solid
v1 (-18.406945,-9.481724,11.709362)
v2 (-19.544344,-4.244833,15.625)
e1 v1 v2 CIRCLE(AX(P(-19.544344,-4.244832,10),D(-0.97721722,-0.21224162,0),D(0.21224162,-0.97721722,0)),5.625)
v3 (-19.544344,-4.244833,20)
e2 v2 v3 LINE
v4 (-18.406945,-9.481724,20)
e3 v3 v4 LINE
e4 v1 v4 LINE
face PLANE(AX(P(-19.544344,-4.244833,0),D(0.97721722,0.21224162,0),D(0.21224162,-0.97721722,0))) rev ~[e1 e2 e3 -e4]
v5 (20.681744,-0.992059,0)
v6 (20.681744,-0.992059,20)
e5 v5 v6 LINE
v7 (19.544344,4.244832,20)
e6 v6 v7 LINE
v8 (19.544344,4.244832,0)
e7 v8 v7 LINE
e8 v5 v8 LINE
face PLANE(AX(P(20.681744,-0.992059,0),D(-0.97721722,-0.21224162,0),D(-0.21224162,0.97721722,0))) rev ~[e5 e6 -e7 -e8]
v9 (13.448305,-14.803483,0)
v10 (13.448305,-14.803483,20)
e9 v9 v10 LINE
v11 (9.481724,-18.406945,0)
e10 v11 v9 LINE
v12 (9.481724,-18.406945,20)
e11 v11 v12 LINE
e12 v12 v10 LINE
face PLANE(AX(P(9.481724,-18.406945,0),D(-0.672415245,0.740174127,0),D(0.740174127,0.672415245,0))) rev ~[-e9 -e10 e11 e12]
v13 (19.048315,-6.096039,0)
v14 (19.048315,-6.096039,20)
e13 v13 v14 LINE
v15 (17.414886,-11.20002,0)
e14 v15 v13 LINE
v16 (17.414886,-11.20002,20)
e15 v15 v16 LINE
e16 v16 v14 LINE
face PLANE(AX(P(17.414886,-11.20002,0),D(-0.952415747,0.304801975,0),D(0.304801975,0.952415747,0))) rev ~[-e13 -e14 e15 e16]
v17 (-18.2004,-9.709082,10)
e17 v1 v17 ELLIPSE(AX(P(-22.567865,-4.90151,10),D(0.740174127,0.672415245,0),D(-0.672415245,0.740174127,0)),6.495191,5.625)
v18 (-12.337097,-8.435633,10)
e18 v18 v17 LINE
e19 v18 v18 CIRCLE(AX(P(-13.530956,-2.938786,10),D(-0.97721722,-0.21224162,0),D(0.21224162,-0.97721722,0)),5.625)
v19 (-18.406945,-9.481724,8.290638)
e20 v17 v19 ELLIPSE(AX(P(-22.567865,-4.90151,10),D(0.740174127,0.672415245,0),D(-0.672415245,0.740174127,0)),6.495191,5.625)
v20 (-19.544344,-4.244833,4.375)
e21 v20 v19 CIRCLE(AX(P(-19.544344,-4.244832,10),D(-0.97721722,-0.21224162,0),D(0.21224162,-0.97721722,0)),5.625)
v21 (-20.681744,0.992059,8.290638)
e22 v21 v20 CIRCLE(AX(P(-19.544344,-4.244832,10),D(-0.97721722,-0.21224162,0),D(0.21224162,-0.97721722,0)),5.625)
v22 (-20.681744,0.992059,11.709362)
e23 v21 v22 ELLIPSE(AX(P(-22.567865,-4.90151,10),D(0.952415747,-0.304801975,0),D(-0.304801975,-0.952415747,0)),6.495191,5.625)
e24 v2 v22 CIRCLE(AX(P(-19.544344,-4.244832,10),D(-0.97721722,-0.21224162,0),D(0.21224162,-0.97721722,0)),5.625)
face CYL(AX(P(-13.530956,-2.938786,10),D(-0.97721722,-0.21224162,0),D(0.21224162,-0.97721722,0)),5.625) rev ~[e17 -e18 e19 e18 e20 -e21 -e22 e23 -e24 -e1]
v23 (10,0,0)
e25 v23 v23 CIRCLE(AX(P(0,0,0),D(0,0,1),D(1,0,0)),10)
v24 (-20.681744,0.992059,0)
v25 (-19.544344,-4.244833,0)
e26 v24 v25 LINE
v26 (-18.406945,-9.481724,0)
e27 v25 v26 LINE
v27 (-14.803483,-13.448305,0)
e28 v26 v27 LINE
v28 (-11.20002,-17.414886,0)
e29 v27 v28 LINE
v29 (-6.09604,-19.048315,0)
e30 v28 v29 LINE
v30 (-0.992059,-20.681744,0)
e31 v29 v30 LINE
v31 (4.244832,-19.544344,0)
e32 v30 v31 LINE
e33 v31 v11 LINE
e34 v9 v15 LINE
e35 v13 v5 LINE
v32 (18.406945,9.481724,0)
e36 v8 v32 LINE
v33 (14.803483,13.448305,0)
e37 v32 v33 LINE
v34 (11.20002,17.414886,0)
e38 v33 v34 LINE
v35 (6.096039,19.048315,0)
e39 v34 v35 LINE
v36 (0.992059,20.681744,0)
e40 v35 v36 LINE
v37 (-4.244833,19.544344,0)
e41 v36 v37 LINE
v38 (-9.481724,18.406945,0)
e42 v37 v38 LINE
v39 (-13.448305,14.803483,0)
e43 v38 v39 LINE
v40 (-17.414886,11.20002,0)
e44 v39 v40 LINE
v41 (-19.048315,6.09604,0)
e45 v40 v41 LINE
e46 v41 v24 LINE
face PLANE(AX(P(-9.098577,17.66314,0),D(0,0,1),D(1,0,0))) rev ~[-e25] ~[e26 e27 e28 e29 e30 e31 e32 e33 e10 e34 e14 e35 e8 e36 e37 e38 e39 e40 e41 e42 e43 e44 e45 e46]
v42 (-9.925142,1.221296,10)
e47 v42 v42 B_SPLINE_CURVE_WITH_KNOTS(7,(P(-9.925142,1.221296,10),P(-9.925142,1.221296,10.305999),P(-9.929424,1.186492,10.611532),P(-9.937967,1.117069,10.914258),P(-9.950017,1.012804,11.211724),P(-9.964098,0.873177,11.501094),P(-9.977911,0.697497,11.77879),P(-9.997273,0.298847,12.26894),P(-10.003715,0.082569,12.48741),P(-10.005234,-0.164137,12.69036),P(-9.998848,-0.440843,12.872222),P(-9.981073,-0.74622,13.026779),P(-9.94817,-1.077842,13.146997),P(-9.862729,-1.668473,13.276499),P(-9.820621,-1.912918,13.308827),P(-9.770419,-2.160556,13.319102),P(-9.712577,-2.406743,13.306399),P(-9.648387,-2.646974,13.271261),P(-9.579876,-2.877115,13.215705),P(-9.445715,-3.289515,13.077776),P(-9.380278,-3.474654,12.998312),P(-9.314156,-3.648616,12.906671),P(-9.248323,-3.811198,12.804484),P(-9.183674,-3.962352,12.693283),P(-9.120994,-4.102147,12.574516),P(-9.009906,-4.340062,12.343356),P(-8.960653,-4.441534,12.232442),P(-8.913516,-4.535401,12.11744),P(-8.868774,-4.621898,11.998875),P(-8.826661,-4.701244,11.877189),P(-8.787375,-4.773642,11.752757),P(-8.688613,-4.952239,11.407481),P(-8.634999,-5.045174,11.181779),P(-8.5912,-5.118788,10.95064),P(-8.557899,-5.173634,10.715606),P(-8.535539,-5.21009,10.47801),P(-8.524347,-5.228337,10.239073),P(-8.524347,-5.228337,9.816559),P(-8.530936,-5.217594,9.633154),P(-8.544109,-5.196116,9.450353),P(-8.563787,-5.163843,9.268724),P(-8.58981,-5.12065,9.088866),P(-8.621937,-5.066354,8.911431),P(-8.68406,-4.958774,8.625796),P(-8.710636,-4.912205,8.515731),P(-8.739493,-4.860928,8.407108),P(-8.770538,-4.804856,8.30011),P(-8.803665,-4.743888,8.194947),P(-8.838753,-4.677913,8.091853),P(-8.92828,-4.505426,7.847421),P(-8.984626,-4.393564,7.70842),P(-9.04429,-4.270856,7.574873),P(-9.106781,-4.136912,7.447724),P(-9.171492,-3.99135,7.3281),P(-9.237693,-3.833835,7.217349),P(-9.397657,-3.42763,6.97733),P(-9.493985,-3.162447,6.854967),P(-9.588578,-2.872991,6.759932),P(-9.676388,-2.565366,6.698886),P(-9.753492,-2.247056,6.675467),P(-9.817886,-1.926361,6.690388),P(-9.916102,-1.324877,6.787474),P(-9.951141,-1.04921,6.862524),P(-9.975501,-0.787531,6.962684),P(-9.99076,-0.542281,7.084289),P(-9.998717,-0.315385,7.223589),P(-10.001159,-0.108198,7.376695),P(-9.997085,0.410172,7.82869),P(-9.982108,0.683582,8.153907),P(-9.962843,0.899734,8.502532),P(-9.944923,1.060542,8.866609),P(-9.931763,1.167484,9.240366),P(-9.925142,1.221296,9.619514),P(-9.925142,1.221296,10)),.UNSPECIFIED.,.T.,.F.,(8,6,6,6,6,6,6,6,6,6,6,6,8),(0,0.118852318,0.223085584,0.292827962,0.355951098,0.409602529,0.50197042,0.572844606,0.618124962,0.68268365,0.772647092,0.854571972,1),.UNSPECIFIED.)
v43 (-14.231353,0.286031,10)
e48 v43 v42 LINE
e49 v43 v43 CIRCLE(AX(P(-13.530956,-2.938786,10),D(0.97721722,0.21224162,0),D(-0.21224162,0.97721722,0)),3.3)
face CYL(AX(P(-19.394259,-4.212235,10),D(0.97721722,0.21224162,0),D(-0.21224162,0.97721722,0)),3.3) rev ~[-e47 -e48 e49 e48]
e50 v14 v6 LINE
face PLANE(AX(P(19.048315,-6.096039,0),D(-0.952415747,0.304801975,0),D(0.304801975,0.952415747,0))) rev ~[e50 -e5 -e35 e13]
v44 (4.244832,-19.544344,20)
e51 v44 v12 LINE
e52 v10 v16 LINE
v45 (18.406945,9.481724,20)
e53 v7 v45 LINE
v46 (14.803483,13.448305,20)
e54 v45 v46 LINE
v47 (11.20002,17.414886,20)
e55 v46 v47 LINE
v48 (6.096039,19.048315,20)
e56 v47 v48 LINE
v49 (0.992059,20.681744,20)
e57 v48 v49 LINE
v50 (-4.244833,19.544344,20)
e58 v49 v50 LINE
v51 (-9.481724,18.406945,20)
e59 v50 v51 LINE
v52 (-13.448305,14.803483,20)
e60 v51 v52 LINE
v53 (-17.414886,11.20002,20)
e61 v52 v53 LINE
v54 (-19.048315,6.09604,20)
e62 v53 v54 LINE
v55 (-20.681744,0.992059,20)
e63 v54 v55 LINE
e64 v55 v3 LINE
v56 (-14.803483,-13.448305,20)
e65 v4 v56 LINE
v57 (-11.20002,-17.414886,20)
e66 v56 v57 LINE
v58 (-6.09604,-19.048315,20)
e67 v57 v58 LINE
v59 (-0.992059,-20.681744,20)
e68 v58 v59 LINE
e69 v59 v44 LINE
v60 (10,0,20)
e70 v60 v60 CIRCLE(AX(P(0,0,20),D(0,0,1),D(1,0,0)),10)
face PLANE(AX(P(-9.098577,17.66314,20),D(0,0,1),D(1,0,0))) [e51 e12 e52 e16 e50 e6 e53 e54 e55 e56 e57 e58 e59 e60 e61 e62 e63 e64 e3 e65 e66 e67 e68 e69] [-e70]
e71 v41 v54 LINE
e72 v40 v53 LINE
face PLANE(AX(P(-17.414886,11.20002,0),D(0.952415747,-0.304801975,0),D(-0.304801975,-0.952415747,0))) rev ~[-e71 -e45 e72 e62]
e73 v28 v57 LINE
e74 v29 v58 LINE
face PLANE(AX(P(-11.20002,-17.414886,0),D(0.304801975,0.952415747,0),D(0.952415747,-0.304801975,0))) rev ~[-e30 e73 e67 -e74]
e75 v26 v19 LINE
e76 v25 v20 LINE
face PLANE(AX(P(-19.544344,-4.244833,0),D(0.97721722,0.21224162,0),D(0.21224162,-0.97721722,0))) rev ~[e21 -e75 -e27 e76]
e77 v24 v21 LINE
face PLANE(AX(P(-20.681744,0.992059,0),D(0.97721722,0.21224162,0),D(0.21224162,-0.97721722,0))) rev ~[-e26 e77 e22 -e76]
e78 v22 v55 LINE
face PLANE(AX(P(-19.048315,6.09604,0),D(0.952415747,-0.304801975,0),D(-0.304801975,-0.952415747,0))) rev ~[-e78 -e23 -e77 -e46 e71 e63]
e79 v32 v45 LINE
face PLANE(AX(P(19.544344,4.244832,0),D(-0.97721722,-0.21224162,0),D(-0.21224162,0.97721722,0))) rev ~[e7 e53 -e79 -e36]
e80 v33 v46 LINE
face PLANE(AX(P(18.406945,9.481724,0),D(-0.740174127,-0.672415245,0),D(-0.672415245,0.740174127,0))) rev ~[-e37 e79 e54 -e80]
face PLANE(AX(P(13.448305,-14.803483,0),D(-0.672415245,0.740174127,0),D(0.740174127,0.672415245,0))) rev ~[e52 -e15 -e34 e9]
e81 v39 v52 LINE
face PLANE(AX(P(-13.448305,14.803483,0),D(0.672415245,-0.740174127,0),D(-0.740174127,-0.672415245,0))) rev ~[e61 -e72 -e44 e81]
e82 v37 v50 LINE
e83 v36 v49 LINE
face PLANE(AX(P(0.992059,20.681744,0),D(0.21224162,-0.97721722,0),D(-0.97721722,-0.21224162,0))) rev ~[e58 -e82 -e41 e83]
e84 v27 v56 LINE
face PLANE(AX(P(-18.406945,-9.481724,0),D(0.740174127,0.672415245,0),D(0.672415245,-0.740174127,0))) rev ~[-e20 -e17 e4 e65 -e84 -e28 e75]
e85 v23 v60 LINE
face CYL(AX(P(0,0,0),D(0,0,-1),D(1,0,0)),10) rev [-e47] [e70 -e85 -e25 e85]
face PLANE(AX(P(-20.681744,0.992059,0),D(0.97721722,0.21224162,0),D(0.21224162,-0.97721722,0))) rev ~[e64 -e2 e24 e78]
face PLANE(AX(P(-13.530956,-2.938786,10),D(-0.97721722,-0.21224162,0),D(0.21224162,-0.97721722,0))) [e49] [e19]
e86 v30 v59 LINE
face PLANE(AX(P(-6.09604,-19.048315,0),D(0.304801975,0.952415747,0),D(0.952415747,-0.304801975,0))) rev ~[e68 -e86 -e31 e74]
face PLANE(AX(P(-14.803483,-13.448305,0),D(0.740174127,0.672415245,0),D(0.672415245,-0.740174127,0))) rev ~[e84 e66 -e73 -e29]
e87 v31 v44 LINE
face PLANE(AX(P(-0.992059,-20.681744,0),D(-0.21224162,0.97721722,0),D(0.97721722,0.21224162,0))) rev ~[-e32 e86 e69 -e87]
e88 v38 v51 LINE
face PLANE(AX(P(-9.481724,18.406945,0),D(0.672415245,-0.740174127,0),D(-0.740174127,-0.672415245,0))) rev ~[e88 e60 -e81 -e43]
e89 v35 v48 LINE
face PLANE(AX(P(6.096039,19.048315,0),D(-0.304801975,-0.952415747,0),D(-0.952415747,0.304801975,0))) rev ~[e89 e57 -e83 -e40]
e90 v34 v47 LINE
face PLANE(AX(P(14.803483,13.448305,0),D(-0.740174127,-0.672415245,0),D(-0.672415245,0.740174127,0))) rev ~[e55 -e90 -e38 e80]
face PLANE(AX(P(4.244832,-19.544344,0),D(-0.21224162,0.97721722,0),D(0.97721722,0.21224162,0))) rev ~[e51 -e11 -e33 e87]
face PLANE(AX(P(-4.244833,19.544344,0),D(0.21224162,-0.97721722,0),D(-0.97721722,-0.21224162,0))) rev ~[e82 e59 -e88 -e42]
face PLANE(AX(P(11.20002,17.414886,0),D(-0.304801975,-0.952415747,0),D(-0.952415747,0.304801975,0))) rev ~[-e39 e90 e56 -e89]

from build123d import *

# Parameters (mm, degrees)
F0_R           = 10
F1_DEPTH       = 20
F3_D           = 6.6
F3_DEPTH       = 20
F3_START       = 0.1535845
F3_CBORE_D     = 11.25
F3_CBORE_DEPTH = 6
F3_TIP         = 1.9828400428


with BuildPart() as f1:
    # F0 (on Top) → F1 (new body)
    with BuildSketch(Plane.XY):
        with BuildLine():
            ThreePointArc((-13.448304583, 14.8034828281), (-9.1586418017, 17.77974354), (-4.2448328169, 19.5443443061))
            Line((-4.2448328169, 19.5443443061), (-9.4817236961, 18.4069449839))
            Line((-9.4817236961, 18.4069449839), (-13.448304583, 14.8034828281))
        make_face()
        with BuildLine():
            ThreePointArc((-4.2448328169, 19.5443443061), (0.9582549701, 19.9770304954), (6.0960392624, 19.0483150255))
            Line((6.0960392624, 19.0483150255), (0.9920588995, 20.6817438102))
            Line((0.9920588995, 20.6817438102), (-4.2448328169, 19.5443443061))
        make_face()
        with BuildLine():
            ThreePointArc((6.0960392624, 19.0483150255), (10.8183886032, 16.8214882822), (14.8034825937, 13.448304841))
            Line((14.8034825937, 13.448304841), (11.2000201141, 17.4148860844))
            Line((11.2000201141, 17.4148860844), (6.0960392624, 19.0483150255))
        make_face()
        with BuildLine():
            ThreePointArc((14.8034825937, 13.448304841), (17.7797435807, 9.1586417227), (19.5443444178, 4.2448323026))
            Line((19.5443444178, 4.2448323026), (18.4069449839, 9.4817236961))
            Line((18.4069449839, 9.4817236961), (14.8034825937, 13.448304841))
        make_face()
        with BuildLine():
            ThreePointArc((19.5443444178, 4.2448323026), (19.8857598341, 2.1346090559), (20, 0))
            ThreePointArc((20, 0), (19.7606465192, -3.0849390825), (19.0483150857, -6.0960390743))
            Line((19.0483150857, -6.0960390743), (20.6817438102, -0.9920588995))
            Line((20.6817438102, -0.9920588995), (19.5443444178, 4.2448323026))
        make_face()
        with BuildLine():
            Line((17.4148860844, -11.2000201141), (19.0483150857, -6.0960390743))
            ThreePointArc((19.0483150857, -6.0960390743), (16.8214882492, -10.8183886546), (13.4483046044, -14.8034828087))
            Line((13.4483046044, -14.8034828087), (17.4148860844, -11.2000201141))
        make_face()
        with BuildLine():
            Line((9.4817236961, -18.4069449839), (13.4483046044, -14.8034828087))
            ThreePointArc((13.4483046044, -14.8034828087), (9.1586415818, -17.7797436533), (4.2448323054, -19.5443444172))
            Line((4.2448323054, -19.5443444172), (9.4817236961, -18.4069449839))
        make_face()
        with BuildLine():
            Line((-0.9920588995, -20.6817438102), (4.2448323054, -19.5443444172))
            ThreePointArc((4.2448323054, -19.5443444172), (-0.9582553912, -19.9770304752), (-6.0960395669, -19.0483149281))
            Line((-6.0960395669, -19.0483149281), (-0.9920588995, -20.6817438102))
        make_face()
        with BuildLine():
            Line((-11.2000201141, -17.4148860844), (-6.0960395669, -19.0483149281))
            ThreePointArc((-6.0960395669, -19.0483149281), (-10.8183888646, -16.8214881141), (-14.8034827967, -13.4483046176))
            Line((-14.8034827967, -13.4483046176), (-11.2000201141, -17.4148860844))
        make_face()
        with BuildLine():
            Line((-18.4069449839, -9.4817236961), (-14.8034827967, -13.4483046176))
            ThreePointArc((-14.8034827967, -13.4483046176), (-17.7797435576, -9.1586417675), (-19.5443443324, -4.2448326961))
            Line((-19.5443443324, -4.2448326961), (-18.4069449839, -9.4817236961))
        make_face()
        with BuildLine():
            ThreePointArc((-19.5443443324, -4.2448326961), (-19.97703048, 0.9582552902), (-19.0483148679, 6.096039755))
            Line((-19.0483148679, 6.096039755), (-20.6817438102, 0.9920588995))
            Line((-20.6817438102, 0.9920588995), (-19.5443443324, -4.2448326961))
        make_face()
        with BuildLine():
            ThreePointArc((-19.0483148679, 6.096039755), (-16.8214880481, 10.8183889673), (-13.448304583, 14.8034828281))
            Line((-13.448304583, 14.8034828281), (-17.4148860844, 11.2000201141))
            Line((-17.4148860844, 11.2000201141), (-19.0483148679, 6.096039755))
        make_face()
        with BuildLine():
            ThreePointArc((19.0483150857, -6.0960390743), (19.7606465192, -3.0849390825), (20, 0))
            ThreePointArc((20, 0), (19.8857598341, 2.1346090559), (19.5443444178, 4.2448323026))
            ThreePointArc((19.5443444178, 4.2448323026), (17.7797435807, 9.1586417227), (14.8034825937, 13.448304841))
            ThreePointArc((14.8034825937, 13.448304841), (10.8183886032, 16.8214882822), (6.0960392624, 19.0483150255))
            ThreePointArc((6.0960392624, 19.0483150255), (0.9582549701, 19.9770304954), (-4.2448328169, 19.5443443061))
            ThreePointArc((-4.2448328169, 19.5443443061), (-9.1586418017, 17.77974354), (-13.448304583, 14.8034828281))
            ThreePointArc((-13.448304583, 14.8034828281), (-16.8214880481, 10.8183889673), (-19.0483148679, 6.096039755))
            ThreePointArc((-19.0483148679, 6.096039755), (-19.97703048, 0.9582552902), (-19.5443443324, -4.2448326961))
            ThreePointArc((-19.5443443324, -4.2448326961), (-17.7797435576, -9.1586417675), (-14.8034827967, -13.4483046176))
            ThreePointArc((-14.8034827967, -13.4483046176), (-10.8183888646, -16.8214881141), (-6.0960395669, -19.0483149281))
            ThreePointArc((-6.0960395669, -19.0483149281), (-0.9582553912, -19.9770304752), (4.2448323054, -19.5443444172))
            ThreePointArc((4.2448323054, -19.5443444172), (9.1586415818, -17.7797436533), (13.4483046044, -14.8034828087))
            ThreePointArc((13.4483046044, -14.8034828087), (16.8214882492, -10.8183886546), (19.0483150857, -6.0960390743))
        make_face()
        Circle(F0_R, mode=Mode.SUBTRACT)
    extrude(amount=F1_DEPTH)

    # F3
    # its depths count from where the whole tool has entered the part; down to there all is cleared
    with Locations(Plane(origin=(-19.544344397, -4.2448323983, 0), x_dir=(0.2122416199, -0.9772172199, 0), z_dir=(-0.9772172199, -0.2122416199, 0)).offset(-F3_START)):
        with Locations((0, 10)):
            CounterBoreHole(F3_D / 2, F3_CBORE_D / 2, F3_CBORE_DEPTH, depth=F3_DEPTH)
            with Locations((0, 0, -(F3_DEPTH + F3_TIP / 2))):  # 118° drill point
                Cone(0, F3_D / 2, F3_TIP, mode=Mode.SUBTRACT)


solid = f1.part
